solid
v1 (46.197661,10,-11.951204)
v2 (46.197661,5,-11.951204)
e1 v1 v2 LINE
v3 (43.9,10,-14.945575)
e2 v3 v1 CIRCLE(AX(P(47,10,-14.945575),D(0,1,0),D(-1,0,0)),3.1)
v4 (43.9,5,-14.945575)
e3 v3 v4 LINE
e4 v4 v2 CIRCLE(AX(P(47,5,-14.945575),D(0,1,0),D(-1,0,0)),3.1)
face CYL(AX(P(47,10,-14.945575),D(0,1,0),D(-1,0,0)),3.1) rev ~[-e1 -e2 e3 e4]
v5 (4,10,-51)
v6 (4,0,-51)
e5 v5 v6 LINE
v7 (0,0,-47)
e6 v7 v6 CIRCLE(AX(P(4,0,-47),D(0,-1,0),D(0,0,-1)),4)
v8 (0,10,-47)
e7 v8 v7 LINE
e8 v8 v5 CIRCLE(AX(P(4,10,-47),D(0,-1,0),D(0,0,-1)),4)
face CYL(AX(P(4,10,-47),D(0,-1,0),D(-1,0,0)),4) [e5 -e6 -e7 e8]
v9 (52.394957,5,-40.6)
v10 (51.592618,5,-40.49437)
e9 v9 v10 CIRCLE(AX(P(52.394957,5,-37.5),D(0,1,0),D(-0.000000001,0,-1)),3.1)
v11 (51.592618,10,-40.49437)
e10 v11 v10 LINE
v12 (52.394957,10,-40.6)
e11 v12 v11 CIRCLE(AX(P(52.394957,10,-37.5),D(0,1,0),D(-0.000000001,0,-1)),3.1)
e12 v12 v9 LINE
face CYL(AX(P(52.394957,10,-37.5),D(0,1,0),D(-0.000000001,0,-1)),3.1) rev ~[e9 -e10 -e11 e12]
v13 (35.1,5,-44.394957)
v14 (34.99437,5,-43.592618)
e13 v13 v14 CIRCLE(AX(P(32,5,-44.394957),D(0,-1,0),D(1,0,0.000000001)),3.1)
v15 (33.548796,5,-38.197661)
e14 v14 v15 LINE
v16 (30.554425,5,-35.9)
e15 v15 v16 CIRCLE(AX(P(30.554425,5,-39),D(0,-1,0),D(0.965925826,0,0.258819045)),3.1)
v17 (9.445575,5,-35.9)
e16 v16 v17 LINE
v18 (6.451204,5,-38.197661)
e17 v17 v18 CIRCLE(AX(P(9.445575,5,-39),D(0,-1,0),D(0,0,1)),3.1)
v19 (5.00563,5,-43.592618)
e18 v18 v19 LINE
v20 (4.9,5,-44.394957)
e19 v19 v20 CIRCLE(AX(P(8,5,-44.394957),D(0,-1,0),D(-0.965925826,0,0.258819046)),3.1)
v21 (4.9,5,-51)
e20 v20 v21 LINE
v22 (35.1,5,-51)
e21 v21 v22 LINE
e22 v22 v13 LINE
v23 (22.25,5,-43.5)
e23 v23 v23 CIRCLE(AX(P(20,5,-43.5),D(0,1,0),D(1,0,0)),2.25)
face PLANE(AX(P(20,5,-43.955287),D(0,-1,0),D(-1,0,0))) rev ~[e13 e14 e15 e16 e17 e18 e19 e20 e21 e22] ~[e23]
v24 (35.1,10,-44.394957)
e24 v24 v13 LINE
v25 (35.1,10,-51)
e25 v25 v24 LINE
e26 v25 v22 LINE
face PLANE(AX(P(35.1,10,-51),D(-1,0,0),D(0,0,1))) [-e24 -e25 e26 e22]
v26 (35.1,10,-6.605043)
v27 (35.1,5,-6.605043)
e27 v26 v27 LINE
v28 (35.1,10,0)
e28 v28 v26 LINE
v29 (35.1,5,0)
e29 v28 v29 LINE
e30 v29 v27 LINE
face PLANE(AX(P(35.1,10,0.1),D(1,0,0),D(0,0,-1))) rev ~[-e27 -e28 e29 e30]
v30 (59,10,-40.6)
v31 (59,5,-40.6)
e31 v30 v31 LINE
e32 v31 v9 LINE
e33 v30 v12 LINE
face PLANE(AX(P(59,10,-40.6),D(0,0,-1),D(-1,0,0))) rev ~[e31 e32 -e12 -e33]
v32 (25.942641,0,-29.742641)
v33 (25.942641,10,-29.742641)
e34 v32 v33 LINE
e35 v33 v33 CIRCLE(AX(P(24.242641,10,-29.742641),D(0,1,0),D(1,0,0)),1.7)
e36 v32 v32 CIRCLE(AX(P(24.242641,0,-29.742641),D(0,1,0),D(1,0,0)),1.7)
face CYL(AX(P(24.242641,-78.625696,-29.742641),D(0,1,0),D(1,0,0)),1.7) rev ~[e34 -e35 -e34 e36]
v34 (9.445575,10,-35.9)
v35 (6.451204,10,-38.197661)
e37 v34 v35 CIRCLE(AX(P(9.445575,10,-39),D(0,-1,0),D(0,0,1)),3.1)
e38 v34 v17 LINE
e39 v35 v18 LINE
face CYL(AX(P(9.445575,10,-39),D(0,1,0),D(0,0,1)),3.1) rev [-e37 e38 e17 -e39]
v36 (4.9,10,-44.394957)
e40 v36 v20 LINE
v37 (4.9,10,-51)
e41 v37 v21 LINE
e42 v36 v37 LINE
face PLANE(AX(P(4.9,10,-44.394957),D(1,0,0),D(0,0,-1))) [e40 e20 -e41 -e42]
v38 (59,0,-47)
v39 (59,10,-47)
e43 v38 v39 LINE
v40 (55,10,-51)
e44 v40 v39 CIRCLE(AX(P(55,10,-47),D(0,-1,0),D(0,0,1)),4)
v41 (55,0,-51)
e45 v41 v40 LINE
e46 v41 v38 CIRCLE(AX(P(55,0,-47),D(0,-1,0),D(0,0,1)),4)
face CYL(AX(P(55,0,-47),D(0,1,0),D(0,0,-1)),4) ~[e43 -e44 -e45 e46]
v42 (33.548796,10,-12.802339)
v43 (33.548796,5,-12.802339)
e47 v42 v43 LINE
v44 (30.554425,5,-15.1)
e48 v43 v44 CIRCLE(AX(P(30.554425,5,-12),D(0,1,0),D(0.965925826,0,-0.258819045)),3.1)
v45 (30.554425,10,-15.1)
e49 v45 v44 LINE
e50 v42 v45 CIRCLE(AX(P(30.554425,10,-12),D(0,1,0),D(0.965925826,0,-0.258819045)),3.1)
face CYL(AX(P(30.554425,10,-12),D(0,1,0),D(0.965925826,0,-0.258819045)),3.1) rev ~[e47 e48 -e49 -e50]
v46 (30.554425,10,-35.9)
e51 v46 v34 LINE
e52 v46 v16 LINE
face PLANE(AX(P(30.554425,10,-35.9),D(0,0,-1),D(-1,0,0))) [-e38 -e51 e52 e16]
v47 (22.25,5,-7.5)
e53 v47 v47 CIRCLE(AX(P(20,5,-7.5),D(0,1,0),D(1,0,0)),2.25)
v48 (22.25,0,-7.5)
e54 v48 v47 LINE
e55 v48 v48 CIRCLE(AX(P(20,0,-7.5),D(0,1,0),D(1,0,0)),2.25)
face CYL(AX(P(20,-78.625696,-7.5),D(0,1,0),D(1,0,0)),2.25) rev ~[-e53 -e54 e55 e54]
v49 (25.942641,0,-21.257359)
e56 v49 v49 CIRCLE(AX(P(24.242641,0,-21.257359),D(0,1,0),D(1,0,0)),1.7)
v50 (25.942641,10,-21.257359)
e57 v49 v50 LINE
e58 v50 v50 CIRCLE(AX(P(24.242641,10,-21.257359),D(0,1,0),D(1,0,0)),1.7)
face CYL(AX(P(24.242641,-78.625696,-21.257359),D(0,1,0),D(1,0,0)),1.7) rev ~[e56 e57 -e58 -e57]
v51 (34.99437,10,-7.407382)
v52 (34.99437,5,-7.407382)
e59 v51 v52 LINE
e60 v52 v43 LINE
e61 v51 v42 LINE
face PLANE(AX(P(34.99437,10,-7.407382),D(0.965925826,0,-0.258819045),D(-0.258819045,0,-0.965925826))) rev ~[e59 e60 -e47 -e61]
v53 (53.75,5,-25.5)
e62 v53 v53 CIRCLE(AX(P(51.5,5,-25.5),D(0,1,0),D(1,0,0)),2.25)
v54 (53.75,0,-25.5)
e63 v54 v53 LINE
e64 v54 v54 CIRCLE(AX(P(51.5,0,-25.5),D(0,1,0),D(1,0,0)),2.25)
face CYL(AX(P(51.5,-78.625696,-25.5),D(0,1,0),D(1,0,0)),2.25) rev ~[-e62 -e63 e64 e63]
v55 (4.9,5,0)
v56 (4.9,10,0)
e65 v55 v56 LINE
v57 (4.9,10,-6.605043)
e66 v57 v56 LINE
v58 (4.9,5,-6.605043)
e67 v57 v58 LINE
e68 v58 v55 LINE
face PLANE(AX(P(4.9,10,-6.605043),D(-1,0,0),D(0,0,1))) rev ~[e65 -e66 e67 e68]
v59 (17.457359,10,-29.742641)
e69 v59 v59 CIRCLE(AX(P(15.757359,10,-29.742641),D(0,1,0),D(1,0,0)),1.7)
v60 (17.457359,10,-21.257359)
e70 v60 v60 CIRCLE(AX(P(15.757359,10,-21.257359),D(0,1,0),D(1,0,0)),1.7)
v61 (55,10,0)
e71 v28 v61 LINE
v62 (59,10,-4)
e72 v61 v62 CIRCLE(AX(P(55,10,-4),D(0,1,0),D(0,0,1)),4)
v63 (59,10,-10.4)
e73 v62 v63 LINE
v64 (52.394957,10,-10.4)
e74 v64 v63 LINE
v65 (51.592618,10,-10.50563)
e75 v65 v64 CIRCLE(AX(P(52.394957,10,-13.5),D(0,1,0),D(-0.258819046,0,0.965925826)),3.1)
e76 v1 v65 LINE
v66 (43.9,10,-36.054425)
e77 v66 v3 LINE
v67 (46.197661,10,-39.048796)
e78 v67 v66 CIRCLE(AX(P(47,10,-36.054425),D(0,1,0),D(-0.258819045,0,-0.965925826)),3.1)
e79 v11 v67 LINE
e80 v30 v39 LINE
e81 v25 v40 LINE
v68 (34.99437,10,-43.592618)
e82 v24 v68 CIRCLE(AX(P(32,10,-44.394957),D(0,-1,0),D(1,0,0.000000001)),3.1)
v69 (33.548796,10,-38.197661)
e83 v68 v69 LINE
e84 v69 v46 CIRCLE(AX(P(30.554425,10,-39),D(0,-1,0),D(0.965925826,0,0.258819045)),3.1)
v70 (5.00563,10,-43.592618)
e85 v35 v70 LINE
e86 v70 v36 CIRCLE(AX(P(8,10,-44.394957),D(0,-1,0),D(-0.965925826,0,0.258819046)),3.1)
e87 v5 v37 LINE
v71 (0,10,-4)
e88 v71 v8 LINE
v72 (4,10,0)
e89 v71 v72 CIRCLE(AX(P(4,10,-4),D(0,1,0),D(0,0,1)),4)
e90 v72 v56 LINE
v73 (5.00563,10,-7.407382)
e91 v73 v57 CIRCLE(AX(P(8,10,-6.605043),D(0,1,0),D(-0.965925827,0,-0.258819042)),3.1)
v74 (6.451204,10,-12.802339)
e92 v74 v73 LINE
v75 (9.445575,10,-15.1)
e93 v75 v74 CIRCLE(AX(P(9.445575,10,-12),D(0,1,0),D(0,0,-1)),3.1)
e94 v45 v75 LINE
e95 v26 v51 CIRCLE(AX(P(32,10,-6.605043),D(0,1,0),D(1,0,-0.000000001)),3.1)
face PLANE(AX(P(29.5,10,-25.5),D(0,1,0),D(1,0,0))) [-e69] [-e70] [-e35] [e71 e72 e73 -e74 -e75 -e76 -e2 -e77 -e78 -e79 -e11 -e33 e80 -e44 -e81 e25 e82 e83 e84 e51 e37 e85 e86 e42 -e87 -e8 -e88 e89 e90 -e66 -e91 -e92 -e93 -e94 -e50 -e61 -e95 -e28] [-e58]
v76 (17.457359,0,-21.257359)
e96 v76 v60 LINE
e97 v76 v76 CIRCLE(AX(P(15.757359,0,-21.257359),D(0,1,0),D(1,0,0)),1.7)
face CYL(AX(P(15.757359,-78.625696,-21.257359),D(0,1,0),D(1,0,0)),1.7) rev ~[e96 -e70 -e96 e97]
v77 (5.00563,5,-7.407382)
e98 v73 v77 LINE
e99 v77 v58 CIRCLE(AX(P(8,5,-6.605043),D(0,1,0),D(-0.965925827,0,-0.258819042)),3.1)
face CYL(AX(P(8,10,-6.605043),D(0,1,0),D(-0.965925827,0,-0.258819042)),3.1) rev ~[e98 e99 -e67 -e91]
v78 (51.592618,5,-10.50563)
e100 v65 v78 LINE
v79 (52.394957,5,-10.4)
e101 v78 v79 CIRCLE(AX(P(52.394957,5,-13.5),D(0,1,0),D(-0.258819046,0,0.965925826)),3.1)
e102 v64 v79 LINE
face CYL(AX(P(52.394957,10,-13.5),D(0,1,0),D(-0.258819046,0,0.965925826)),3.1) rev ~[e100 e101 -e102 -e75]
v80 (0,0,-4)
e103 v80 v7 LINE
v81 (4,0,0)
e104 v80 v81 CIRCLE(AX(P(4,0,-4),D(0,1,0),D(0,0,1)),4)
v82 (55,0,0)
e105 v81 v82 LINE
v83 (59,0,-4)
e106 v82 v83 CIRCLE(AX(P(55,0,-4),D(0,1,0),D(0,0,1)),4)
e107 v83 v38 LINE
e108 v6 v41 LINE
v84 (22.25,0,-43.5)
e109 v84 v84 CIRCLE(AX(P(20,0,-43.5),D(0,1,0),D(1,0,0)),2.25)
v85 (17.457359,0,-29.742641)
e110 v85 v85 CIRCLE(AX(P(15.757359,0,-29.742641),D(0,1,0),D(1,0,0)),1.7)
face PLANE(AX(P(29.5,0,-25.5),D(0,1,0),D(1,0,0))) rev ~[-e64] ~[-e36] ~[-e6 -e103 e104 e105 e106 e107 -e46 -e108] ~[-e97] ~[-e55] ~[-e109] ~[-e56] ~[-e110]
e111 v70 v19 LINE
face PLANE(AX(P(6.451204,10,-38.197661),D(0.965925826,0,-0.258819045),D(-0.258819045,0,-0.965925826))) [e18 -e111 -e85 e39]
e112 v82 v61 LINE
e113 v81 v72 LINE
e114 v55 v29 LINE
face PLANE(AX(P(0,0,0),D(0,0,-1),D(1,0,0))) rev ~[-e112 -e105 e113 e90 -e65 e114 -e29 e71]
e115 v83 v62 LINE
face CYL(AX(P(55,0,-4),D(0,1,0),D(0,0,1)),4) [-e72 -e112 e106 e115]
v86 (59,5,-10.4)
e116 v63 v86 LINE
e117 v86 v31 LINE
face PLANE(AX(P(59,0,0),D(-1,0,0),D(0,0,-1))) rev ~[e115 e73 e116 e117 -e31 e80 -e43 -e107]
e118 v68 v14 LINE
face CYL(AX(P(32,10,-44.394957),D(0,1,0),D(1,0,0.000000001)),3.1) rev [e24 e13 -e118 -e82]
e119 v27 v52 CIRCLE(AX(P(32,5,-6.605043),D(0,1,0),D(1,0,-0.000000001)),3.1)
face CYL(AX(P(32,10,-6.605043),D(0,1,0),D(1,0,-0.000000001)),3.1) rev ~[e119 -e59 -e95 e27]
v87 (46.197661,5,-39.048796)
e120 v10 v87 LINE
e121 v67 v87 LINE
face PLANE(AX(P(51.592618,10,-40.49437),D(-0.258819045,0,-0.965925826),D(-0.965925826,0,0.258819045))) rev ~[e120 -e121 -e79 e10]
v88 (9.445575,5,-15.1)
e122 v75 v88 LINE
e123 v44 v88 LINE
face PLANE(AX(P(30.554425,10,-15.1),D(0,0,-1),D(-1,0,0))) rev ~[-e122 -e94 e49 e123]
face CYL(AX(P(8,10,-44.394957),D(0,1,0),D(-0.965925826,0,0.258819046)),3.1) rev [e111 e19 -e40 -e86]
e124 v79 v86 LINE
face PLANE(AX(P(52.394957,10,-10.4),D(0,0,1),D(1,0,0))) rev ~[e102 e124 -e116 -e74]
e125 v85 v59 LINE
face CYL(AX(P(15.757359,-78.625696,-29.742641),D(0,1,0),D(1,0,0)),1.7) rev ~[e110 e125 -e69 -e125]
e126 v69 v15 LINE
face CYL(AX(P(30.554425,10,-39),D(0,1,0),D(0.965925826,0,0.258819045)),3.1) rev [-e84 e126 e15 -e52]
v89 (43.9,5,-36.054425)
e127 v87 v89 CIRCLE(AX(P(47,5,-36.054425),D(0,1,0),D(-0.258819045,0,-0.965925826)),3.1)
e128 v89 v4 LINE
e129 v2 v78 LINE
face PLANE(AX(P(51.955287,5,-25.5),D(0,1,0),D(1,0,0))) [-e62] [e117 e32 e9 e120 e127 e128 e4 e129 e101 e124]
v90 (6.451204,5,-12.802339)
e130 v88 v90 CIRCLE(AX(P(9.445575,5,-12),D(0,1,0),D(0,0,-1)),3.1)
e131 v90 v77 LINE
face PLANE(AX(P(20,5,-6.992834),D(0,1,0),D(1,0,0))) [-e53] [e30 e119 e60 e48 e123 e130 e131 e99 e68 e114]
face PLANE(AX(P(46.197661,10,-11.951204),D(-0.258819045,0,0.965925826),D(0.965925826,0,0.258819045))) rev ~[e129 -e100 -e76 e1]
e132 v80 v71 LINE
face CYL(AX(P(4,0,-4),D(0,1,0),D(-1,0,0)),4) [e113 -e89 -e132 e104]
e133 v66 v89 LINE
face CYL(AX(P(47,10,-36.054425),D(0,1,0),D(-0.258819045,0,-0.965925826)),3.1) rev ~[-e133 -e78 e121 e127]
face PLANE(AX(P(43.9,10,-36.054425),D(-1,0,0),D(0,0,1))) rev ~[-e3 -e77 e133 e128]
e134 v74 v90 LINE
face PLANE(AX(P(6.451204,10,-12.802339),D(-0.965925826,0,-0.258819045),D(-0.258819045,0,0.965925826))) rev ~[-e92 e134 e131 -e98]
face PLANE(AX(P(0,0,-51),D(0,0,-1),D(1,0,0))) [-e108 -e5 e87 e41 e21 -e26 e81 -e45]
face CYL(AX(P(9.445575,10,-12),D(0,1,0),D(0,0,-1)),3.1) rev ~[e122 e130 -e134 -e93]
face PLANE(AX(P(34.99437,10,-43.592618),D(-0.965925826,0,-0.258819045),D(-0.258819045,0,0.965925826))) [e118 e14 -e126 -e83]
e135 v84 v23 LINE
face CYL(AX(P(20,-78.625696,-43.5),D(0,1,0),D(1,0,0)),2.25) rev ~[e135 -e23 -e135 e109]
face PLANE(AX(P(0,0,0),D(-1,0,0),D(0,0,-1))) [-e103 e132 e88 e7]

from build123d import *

# Parameters (mm, degrees)
SKETCH_1_W          = 59
SKETCH_1_H          = 51
EXTRUDE_1_DEPTH     = 10
CUT_EXTRUDE_1_DEPTH = 5
CUT_EXTRUDE_2_DEPTH = 5
HOLE_WIZARD_M31_D   = 3.4
FILLET_1_R          = 4
FILLET_2_R          = 4
HOLE_WIZARD_M41_D   = 4.5
CUT_EXTRUDE_4_DEPTH = 5


with BuildPart() as part:
    # Эскиз1 → Бобышка-Вытянуть1 (new body)
    with BuildSketch(Plane(origin=(0, 0, 0), x_dir=(1, 0, 0), z_dir=(0, 1, 0))):
        with Locations((29.5, 25.5)):
            Rectangle(SKETCH_1_W, SKETCH_1_H)
    extrude(amount=EXTRUDE_1_DEPTH)

    # Эскиз3 → Вырез-Вытянуть1 (cut)
    with BuildSketch(Plane(origin=(28.521351565, 10, -17.681729678), x_dir=(1, 0, 0), z_dir=(0, 1, 0))):
        with BuildLine():
            Line((-23.621351565, -11.07668717), (-23.621351565, -17.781729678))
            Line((-23.621351565, -17.781729678), (6.578648435, -17.781729678))
            Line((6.578648435, -17.781729678), (6.578648435, -11.07668717))
            ThreePointArc((6.578648435, -11.07668717), (6.552127505, -10.672055974), (6.473018496, -10.27434813))
            Line((6.473018496, -10.27434813), (5.027443993, -4.879390638))
            ThreePointArc((5.027443993, -4.879390638), (3.920234361, -3.222334323), (2.033073931, -2.581729678))
            Line((2.033073931, -2.581729678), (-19.075777062, -2.581729678))
            ThreePointArc((-19.075777062, -2.581729678), (-20.962937492, -3.222334323), (-22.070147123, -4.879390638))
            Line((-22.070147123, -4.879390638), (-23.515721627, -10.27434813))
            ThreePointArc((-23.515721627, -10.27434813), (-23.594830635, -10.672055974), (-23.621351565, -11.07668717))
        make_face()
    extrude(amount=-CUT_EXTRUDE_1_DEPTH, mode=Mode.SUBTRACT)

    # Эскиз4 → Вырез-Вытянуть2 (cut)
    with BuildSketch(Plane(origin=(0, 10, 0), x_dir=(1, 0, 0), z_dir=(0, 1, 0))):
        with BuildLine():
            Line((-1.551204442, 38.19766096), (-0.105629939, 43.592618453))
            ThreePointArc((-0.105629939, 43.592618453), (-0.02652093, 43.990326297), (0, 44.394957493))
            Line((0, 44.394957493), (0, 51))
            Line((0, 51), (-30.2, 51))
            Line((-30.2, 51), (-30.2, 44.394957493))
            ThreePointArc((-30.2, 44.394957493), (-30.17347907, 43.990326297), (-30.094370061, 43.592618453))
            Line((-30.094370061, 43.592618453), (-28.648795558, 38.19766096))
            ThreePointArc((-28.648795558, 38.19766096), (-27.541585927, 36.540604645), (-25.654425497, 35.9))
            Line((-25.654425497, 35.9), (-4.545574503, 35.9))
            ThreePointArc((-4.545574503, 35.9), (-2.658414073, 36.540604645), (-1.551204442, 38.19766096))
        make_face()
        with BuildLine():
            Line((46.19766096, 11.951204442), (51.592618453, 10.505629939))
            ThreePointArc((51.592618453, 10.505629939), (51.990326297, 10.42652093), (52.394957493, 10.4))
            Line((52.394957493, 10.4), (59, 10.4))
            Line((59, 10.4), (59, 40.6))
            Line((59, 40.6), (52.394957493, 40.6))
            ThreePointArc((52.394957493, 40.6), (51.990326297, 40.57347907), (51.592618453, 40.494370061))
            Line((51.592618453, 40.494370061), (46.19766096, 39.048795558))
            ThreePointArc((46.19766096, 39.048795558), (44.540604645, 37.941585927), (43.9, 36.054425497))
            Line((43.9, 36.054425497), (43.9, 14.945574503))
            ThreePointArc((43.9, 14.945574503), (44.540604645, 13.058414073), (46.19766096, 11.951204442))
        make_face()
    extrude(amount=-CUT_EXTRUDE_2_DEPTH, mode=Mode.SUBTRACT)

    # Отверстие с зазором M31 (through all)
    with Locations(Plane(origin=(0, 0, 0), x_dir=(-1, 0, 0), z_dir=(0, -1, 0))):
        with Locations((-24.242640687, 29.742640687), (-15.757359313, 29.742640687), (-15.757359313, 21.257359313), (-24.242640687, 21.257359313)):
            Hole(HOLE_WIZARD_M31_D / 2)

    # Скругление1
    fillet_1_edges = [part.edges().sort_by_distance(p)[0] for p in [
        (0, 5, -51),
        (0, 5, 0),
    ]]
    fillet(fillet_1_edges, radius=FILLET_1_R)

    # Скругление2
    fillet_2_edges = [part.edges().sort_by_distance(p)[0] for p in [
        (59, 5, -51),
        (59, 5, 0),
    ]]
    fillet(fillet_2_edges, radius=FILLET_2_R)

    # Отверстие с зазором M41 (through all)
    with Locations(Plane(origin=(0, 0, 0), x_dir=(-1, 0, 0), z_dir=(0, -1, 0))):
        with Locations((-51.5, 25.5), (-20, 43.5), (-20, 7.5)):
            Hole(HOLE_WIZARD_M41_D / 2)

    # Эскиз12 → Вырез-Вытянуть4 (cut)
    with BuildSketch(Plane(origin=(0, 10, 0), x_dir=(1, 0, 0), z_dir=(0, 1, 0))):
        with BuildLine():
            Line((4.9, 44.394957493), (4.9, 51))
            Line((4.9, 51), (35.1, 51))
            Line((35.1, 51), (35.1, 44.394957493))
            ThreePointArc((35.1, 44.394957493), (35.07347907, 43.990326297), (34.994370061, 43.592618453))
            Line((34.994370061, 43.592618453), (33.548795558, 38.19766096))
            ThreePointArc((33.548795558, 38.19766096), (32.441585927, 36.540604645), (30.554425497, 35.9))
            Line((30.554425497, 35.9), (9.445574503, 35.9))
            ThreePointArc((9.445574503, 35.9), (7.558414073, 36.540604645), (6.451204442, 38.19766096))
            Line((6.451204442, 38.19766096), (5.005629939, 43.592618453))
            ThreePointArc((5.005629939, 43.592618453), (4.92652093, 43.990326297), (4.9, 44.394957493))
        make_face()
    extrude(amount=-CUT_EXTRUDE_4_DEPTH, mode=Mode.SUBTRACT)


solid = part.part
